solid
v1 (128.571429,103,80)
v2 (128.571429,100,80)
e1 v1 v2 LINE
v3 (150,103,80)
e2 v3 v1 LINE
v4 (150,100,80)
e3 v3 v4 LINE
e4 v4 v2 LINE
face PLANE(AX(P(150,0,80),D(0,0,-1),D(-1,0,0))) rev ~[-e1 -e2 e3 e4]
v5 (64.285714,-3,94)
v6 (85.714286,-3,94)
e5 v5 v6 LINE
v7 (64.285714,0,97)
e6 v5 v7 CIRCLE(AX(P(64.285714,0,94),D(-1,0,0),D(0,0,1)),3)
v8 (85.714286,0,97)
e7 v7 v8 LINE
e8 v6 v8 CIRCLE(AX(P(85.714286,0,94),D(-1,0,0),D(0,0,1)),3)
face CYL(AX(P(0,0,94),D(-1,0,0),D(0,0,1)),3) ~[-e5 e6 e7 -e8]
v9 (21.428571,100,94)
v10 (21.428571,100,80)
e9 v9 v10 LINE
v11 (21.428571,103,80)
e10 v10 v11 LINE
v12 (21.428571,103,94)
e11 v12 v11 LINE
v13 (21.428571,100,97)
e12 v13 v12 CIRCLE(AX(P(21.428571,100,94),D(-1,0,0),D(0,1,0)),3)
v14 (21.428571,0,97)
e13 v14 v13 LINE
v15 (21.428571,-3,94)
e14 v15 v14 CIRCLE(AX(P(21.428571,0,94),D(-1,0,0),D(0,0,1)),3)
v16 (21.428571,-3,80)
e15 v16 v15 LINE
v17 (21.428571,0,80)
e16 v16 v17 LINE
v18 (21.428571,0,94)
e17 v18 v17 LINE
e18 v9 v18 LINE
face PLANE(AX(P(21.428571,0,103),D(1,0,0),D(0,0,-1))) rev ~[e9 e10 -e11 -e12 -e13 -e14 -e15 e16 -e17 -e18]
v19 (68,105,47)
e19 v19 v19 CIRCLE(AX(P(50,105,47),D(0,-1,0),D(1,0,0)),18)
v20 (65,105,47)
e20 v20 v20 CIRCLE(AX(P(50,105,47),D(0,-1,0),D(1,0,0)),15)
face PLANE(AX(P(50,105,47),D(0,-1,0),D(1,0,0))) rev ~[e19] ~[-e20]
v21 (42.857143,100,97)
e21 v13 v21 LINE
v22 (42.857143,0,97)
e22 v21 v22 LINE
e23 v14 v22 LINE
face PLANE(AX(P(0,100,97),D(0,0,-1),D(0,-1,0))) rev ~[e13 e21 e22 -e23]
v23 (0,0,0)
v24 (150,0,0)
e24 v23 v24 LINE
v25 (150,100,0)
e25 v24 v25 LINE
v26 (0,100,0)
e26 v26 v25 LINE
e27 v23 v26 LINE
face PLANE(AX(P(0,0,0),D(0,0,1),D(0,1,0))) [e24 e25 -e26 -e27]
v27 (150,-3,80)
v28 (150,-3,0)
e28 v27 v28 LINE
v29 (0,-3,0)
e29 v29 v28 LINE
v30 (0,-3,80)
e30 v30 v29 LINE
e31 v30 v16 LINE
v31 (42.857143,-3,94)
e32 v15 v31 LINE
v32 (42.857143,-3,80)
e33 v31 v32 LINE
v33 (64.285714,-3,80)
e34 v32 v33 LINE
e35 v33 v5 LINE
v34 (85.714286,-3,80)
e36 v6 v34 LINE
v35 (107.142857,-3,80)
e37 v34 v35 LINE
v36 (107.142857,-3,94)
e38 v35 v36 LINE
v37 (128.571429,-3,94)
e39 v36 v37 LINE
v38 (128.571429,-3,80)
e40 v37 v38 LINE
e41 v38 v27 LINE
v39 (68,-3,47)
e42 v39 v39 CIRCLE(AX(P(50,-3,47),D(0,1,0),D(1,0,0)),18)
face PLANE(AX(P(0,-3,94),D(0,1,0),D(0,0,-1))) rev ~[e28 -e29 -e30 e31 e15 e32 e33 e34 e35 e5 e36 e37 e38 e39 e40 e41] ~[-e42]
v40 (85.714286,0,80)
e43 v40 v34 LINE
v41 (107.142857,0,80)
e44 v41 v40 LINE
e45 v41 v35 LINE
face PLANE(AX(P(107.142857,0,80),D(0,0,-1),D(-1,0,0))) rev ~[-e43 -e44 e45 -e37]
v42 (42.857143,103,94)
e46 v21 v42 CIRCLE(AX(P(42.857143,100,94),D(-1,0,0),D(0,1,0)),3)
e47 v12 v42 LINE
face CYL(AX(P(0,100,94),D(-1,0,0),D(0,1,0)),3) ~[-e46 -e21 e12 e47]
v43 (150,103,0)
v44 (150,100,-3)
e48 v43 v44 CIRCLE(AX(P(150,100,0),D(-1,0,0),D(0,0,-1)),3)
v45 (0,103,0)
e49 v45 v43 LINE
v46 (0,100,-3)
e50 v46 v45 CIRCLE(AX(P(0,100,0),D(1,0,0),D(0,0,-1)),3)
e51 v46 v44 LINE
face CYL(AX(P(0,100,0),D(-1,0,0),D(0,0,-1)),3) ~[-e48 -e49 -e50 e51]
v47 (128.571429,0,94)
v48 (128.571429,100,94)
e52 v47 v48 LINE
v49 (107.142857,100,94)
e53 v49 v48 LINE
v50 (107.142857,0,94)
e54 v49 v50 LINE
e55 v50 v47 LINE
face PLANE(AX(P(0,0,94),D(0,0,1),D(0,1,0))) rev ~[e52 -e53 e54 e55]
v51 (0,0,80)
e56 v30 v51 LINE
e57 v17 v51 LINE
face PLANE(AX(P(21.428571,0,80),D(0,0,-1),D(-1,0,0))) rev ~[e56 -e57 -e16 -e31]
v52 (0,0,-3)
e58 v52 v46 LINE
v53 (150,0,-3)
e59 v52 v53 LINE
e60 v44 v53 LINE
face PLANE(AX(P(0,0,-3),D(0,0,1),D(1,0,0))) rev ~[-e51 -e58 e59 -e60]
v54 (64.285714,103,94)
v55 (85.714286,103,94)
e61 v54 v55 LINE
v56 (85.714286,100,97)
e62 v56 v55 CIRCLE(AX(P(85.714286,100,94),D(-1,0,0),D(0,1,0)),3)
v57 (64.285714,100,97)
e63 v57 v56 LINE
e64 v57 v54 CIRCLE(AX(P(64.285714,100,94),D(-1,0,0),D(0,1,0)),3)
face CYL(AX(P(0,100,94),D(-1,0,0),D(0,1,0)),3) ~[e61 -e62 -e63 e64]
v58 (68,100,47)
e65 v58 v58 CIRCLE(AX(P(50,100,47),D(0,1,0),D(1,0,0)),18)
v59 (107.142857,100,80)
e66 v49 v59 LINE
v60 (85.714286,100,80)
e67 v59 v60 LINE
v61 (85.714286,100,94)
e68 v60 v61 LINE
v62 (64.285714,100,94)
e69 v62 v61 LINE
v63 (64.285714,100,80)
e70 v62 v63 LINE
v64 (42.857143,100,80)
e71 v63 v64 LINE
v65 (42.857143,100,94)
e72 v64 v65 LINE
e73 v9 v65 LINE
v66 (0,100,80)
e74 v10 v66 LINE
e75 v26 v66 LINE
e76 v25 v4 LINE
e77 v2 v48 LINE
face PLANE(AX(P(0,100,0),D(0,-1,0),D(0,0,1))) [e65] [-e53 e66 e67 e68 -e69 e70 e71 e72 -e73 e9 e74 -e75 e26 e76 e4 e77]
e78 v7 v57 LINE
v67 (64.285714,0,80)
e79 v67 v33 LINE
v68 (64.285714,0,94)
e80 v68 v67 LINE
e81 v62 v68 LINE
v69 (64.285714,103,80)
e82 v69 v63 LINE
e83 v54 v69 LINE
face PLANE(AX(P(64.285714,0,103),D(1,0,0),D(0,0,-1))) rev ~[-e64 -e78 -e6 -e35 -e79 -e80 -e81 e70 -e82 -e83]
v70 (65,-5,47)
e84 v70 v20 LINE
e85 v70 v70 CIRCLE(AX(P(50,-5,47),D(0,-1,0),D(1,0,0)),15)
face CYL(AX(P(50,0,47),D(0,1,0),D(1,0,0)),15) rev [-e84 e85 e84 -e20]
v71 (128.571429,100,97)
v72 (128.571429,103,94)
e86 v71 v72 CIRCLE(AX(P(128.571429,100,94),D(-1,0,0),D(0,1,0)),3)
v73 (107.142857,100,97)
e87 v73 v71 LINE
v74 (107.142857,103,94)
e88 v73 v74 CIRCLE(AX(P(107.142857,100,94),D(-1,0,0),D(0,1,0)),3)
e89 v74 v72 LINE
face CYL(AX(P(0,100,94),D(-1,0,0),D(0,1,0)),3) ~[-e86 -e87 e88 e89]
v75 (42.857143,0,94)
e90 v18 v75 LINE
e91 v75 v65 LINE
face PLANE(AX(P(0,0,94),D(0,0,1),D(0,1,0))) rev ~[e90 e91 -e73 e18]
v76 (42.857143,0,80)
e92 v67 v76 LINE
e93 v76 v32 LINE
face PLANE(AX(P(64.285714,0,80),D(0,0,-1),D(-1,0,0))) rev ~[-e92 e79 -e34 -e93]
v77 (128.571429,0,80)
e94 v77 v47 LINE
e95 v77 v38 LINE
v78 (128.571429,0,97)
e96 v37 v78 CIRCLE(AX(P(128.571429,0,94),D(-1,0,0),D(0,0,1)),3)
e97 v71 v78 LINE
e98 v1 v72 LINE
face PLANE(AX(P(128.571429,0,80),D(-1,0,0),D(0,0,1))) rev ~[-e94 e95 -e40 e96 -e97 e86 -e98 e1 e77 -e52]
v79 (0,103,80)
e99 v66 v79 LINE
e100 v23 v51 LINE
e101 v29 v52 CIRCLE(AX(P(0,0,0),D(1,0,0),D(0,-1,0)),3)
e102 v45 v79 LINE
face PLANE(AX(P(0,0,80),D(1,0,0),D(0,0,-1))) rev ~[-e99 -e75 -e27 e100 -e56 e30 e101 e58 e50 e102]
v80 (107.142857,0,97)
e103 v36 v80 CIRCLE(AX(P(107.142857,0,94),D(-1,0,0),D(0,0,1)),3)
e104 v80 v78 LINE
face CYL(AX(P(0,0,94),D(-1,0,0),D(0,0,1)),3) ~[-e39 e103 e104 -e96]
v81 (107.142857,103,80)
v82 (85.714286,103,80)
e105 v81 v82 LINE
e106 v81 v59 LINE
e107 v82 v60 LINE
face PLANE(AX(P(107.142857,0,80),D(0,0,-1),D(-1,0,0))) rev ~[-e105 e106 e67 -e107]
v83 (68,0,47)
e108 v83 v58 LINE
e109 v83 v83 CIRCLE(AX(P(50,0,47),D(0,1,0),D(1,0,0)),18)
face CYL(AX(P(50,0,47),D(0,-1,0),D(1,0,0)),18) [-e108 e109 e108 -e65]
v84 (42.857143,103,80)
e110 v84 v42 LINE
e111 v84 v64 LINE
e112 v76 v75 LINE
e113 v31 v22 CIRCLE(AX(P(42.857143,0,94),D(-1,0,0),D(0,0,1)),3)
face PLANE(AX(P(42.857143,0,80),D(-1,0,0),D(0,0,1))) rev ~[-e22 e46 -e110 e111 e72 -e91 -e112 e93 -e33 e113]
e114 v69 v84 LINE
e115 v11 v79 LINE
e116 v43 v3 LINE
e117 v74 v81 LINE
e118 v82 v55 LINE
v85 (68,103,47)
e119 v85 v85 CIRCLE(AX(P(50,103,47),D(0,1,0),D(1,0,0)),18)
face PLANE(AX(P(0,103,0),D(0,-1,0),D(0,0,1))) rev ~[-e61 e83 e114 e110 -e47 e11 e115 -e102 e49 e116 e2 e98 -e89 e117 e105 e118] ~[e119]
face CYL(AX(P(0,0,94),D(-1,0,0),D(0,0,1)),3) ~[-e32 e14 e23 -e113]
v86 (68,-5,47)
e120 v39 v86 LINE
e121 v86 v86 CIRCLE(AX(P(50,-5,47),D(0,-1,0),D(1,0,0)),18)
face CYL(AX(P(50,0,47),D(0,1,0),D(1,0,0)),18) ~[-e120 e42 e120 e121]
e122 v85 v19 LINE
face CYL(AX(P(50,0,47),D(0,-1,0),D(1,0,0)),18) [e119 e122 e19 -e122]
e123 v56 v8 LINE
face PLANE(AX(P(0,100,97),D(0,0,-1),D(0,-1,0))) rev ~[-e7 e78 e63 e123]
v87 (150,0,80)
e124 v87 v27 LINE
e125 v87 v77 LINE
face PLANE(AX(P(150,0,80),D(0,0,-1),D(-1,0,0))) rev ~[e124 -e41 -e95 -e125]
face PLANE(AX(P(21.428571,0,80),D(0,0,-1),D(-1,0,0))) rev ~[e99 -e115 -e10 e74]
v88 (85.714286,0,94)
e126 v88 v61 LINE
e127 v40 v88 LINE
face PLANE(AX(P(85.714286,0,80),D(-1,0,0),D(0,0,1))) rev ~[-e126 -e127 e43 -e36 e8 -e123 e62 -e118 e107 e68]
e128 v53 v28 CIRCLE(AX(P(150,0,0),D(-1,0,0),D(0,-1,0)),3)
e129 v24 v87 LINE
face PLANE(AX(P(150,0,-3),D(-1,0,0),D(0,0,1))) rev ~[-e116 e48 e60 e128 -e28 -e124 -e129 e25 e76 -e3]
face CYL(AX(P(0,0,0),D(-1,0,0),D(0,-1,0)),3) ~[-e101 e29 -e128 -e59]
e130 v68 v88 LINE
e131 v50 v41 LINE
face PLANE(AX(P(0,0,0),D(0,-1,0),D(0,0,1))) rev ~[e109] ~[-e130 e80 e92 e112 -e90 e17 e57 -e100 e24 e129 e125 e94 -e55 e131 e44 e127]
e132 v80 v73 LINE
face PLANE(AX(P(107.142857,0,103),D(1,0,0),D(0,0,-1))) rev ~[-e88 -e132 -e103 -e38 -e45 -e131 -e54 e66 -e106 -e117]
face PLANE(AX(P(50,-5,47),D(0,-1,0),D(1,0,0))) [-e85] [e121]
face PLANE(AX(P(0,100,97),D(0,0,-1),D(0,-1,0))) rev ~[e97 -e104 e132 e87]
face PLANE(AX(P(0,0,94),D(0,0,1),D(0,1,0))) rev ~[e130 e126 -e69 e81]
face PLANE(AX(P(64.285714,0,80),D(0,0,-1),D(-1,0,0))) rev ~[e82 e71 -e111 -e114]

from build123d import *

# Parameters (mm, degrees)
F0_R          = 18
F0_W          = 150
F0_H          = 3
F2_DEPTH      = 110.5
F2_DEPTH_BACK = 4.9
F1_W          = 100
F1_H          = 94
F3_DEPTH      = 192.9
F0_R_2        = 15
F4_DEPTH      = 105
F4_DEPTH_BACK = 5


with BuildPart() as f2:
    # F0 (on Front) → F2 (new body, two sides)
    with BuildSketch(Plane.XZ) as f2_sk:
        Polygon((0, 80), (0, 0), (150, 0), (150, 80), (128.5714285714, 80), (128.5714285714, 103), (107.1428571429, 103), (107.1428571429, 80), (85.7142857143, 80), (85.7142857143, 103), (64.2857142857, 103), (64.2857142857, 80), (42.8571428571, 80), (42.8571428571, 103), (21.4285714286, 103), (21.4285714286, 80), align=None)
        with Locations((50, 47)):
            Circle(F0_R, mode=Mode.SUBTRACT)
        with Locations((75, -1.5)):
            Rectangle(F0_W, F0_H)
    extrude(amount=-F2_DEPTH)
    extrude(f2_sk.sketch, amount=F2_DEPTH_BACK)

    # F1 (on Right) → F3 (intersect)
    with BuildSketch(Plane.YZ):
        with BuildLine():
            Line((100, 97), (0, 97))
            ThreePointArc((0, 97), (-2.1213203436, 96.1213203436), (-3, 94))
            Line((-3, 94), (-3, 0))
            ThreePointArc((-3, 0), (-2.1213203436, -2.1213203436), (0, -3))
            Line((0, -3), (100, -3))
            ThreePointArc((100, -3), (102.1213203436, -2.1213203436), (103, 0))
            Line((103, 0), (103, 94))
            ThreePointArc((103, 94), (102.1213203436, 96.1213203436), (100, 97))
        make_face()
        with Locations((50, 47)):
            Rectangle(F1_W, F1_H, mode=Mode.SUBTRACT)
    extrude(amount=F3_DEPTH, mode=Mode.INTERSECT)

    # F0 (on Front) → F4 (join, two sides)
    with BuildSketch(Plane.XZ) as f4_sk:
        with Locations((50, 47)):
            Circle(F0_R)
        with Locations((50, 47)):
            Circle(F0_R_2, mode=Mode.SUBTRACT)
    extrude(amount=-F4_DEPTH)
    extrude(f4_sk.sketch, amount=F4_DEPTH_BACK)


solid = f2.part
